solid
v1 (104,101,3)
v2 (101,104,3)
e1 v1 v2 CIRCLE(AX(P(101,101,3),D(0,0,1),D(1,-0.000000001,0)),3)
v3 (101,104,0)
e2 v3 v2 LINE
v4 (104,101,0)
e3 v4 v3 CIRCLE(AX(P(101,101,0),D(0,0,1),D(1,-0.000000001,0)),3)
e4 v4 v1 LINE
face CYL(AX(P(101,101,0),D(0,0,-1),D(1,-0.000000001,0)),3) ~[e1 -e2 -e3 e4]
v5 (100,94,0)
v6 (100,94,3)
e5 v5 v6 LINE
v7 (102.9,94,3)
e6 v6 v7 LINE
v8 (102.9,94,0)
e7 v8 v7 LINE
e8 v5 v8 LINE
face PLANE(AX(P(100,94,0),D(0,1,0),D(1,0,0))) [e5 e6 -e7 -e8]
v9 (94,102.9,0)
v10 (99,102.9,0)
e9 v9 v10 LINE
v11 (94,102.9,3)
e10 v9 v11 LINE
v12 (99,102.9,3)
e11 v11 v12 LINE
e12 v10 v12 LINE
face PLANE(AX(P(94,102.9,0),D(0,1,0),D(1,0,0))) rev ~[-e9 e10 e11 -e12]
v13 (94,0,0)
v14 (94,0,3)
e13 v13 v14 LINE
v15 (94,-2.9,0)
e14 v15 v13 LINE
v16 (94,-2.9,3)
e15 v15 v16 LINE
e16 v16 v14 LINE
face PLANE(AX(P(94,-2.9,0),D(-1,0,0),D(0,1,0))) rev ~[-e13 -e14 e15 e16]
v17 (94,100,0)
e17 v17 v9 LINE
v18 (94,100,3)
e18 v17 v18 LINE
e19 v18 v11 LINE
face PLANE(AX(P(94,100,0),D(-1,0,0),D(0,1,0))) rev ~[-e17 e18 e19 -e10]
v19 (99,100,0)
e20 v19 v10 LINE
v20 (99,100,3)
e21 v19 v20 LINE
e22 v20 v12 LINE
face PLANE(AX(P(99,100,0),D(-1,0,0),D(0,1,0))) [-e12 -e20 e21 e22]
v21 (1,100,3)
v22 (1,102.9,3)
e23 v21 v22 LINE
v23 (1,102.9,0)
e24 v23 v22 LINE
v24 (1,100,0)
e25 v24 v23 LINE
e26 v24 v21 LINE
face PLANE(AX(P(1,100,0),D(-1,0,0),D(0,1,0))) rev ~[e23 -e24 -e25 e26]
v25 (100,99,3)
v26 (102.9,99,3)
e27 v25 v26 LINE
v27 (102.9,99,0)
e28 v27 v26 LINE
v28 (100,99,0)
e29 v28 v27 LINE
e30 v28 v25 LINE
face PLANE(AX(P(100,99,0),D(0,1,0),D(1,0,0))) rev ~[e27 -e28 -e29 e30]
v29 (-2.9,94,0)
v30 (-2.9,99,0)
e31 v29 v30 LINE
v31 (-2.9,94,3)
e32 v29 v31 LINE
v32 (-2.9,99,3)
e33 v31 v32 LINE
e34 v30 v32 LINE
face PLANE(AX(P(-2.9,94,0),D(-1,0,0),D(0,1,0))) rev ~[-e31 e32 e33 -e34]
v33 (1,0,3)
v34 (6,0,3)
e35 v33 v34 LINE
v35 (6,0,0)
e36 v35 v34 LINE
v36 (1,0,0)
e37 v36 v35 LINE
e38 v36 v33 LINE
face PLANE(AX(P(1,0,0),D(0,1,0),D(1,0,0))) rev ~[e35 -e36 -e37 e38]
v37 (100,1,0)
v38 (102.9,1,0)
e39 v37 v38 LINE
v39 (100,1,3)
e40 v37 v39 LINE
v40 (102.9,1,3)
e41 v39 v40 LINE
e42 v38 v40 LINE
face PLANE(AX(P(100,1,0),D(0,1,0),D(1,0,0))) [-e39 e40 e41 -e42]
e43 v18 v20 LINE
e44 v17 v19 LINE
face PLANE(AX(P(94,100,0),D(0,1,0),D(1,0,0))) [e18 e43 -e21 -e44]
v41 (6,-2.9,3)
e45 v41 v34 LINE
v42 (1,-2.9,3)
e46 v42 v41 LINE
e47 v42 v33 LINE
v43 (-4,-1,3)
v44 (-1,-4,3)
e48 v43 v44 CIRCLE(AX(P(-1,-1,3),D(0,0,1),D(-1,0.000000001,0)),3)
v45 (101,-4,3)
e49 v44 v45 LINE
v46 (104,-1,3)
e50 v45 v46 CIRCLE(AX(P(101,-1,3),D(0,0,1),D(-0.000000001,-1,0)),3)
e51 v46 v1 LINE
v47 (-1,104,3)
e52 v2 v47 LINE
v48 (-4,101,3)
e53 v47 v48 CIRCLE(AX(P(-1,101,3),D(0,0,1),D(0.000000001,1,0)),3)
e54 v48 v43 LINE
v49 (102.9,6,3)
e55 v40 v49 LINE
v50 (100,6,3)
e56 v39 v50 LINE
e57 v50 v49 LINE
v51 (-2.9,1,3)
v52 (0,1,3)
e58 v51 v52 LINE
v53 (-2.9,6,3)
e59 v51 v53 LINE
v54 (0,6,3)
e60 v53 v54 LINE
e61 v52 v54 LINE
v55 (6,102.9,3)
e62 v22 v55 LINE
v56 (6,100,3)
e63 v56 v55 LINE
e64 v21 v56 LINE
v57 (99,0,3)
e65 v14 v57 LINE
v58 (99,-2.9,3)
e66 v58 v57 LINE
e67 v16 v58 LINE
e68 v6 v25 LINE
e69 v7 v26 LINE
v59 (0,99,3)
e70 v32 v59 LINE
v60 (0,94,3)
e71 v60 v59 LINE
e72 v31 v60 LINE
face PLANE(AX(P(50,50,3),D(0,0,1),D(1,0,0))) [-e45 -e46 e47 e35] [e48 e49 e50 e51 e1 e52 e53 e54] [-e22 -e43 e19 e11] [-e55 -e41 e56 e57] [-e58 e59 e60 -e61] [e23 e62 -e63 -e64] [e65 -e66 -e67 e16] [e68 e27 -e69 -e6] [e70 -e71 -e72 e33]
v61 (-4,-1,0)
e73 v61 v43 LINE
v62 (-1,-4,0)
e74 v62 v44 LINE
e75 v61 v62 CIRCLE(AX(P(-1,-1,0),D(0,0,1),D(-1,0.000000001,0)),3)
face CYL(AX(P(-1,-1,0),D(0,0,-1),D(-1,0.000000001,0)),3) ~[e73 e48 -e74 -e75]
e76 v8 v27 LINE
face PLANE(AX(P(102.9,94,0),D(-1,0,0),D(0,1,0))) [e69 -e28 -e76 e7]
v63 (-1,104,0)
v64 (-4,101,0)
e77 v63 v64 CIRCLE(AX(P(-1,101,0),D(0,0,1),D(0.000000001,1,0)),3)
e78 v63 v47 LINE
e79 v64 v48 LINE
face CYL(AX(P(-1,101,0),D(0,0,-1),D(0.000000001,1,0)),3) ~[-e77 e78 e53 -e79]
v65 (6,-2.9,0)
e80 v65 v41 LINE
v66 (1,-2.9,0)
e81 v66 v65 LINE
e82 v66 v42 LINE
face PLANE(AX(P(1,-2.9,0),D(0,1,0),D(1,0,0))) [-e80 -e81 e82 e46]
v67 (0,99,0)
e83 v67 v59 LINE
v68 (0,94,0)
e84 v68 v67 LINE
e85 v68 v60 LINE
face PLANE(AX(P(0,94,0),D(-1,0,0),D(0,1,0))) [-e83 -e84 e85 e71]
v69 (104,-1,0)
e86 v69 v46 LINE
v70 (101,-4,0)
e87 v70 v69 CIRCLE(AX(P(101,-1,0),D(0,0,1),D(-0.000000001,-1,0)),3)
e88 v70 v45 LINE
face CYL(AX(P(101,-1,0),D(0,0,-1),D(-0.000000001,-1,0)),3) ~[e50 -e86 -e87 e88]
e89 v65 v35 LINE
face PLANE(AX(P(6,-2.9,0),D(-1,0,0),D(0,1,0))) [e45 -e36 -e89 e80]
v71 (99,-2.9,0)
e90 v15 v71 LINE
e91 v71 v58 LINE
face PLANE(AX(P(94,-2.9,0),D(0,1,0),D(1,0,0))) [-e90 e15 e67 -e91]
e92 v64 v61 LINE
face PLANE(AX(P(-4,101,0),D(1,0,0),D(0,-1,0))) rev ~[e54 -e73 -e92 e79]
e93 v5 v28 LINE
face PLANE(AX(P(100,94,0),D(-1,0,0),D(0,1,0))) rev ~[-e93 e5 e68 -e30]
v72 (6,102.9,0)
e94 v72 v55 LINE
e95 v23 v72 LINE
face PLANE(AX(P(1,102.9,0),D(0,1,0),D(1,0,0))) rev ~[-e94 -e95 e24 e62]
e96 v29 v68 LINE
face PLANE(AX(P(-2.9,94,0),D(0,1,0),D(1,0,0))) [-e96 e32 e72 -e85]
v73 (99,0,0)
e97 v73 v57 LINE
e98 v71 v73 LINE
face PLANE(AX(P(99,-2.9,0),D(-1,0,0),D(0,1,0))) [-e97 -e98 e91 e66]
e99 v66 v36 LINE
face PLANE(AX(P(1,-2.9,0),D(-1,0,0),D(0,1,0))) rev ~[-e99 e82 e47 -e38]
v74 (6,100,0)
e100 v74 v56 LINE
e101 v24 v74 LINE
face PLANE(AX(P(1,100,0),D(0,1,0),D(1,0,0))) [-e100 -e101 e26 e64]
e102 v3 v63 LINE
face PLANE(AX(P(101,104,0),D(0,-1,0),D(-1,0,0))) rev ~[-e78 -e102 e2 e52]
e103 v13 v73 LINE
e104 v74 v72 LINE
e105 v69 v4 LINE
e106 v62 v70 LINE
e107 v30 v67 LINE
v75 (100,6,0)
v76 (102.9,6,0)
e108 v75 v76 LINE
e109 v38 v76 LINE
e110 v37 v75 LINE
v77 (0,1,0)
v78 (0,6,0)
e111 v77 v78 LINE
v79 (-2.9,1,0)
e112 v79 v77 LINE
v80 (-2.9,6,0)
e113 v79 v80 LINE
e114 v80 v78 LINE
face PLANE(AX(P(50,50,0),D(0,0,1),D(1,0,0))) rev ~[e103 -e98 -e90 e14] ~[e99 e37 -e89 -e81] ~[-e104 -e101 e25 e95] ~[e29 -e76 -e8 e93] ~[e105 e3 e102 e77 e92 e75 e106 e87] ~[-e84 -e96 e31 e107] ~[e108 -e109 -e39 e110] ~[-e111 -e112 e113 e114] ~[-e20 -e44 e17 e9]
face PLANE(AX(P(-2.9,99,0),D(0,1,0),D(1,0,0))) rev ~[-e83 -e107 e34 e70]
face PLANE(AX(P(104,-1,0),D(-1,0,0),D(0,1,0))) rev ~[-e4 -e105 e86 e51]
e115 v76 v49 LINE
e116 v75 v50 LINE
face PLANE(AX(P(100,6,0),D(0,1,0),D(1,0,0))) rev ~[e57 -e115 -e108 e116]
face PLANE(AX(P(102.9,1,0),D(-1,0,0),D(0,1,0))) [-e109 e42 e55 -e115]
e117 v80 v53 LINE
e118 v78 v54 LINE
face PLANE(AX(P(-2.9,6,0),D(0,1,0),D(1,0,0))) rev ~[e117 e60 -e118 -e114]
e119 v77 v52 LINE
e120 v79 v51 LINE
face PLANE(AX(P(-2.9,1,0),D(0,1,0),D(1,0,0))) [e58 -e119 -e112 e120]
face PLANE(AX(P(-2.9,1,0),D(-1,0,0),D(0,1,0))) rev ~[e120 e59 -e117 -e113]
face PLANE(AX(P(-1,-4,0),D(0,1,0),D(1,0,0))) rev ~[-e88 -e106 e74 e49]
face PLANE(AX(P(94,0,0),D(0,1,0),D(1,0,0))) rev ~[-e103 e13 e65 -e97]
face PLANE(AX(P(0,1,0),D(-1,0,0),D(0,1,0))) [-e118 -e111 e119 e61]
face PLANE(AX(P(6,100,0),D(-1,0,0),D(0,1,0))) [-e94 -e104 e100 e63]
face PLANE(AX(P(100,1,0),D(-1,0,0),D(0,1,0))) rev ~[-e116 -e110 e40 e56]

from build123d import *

# Parameters (mm, degrees)
SKETCH_2_W      = 5
SKETCH_2_H      = 2.9
SKETCH_2_W_2    = 2.9
SKETCH_2_H_2    = 5
EXTRUDE_4_DEPTH = 3


with BuildPart() as part:
    # 草图2 → 凸台-拉伸4 (new body)
    with BuildSketch(Plane.XY):
        with BuildLine():
            Line((101, 104), (-1, 104))
            ThreePointArc((-1, 104), (-3.121320344, 103.121320344), (-4, 101))
            Line((-4, 101), (-4, -1))
            ThreePointArc((-4, -1), (-3.121320344, -3.121320344), (-1, -4))
            Line((-1, -4), (101, -4))
            ThreePointArc((101, -4), (103.121320344, -3.121320344), (104, -1))
            Line((104, -1), (104, 101))
            ThreePointArc((104, 101), (103.121320344, 103.121320344), (101, 104))
        make_face()
        with Locations((3.5, -1.45)):
            Rectangle(SKETCH_2_W, SKETCH_2_H, mode=Mode.SUBTRACT)
        with Locations((-1.45, 3.5)):
            Rectangle(SKETCH_2_W_2, SKETCH_2_H_2, mode=Mode.SUBTRACT)
        with Locations((3.5, 101.45)):
            Rectangle(SKETCH_2_W, SKETCH_2_H, mode=Mode.SUBTRACT)
        with Locations((101.45, 3.5)):
            Rectangle(SKETCH_2_W_2, SKETCH_2_H_2, mode=Mode.SUBTRACT)
        with Locations((96.5, -1.45)):
            Rectangle(SKETCH_2_W, SKETCH_2_H, mode=Mode.SUBTRACT)
        with Locations((101.45, 96.5)):
            Rectangle(SKETCH_2_W_2, SKETCH_2_H_2, mode=Mode.SUBTRACT)
        with Locations((96.5, 101.45)):
            Rectangle(SKETCH_2_W, SKETCH_2_H, mode=Mode.SUBTRACT)
        with Locations((-1.45, 96.5)):
            Rectangle(SKETCH_2_W_2, SKETCH_2_H_2, mode=Mode.SUBTRACT)
    extrude(amount=EXTRUDE_4_DEPTH)


solid = part.part
